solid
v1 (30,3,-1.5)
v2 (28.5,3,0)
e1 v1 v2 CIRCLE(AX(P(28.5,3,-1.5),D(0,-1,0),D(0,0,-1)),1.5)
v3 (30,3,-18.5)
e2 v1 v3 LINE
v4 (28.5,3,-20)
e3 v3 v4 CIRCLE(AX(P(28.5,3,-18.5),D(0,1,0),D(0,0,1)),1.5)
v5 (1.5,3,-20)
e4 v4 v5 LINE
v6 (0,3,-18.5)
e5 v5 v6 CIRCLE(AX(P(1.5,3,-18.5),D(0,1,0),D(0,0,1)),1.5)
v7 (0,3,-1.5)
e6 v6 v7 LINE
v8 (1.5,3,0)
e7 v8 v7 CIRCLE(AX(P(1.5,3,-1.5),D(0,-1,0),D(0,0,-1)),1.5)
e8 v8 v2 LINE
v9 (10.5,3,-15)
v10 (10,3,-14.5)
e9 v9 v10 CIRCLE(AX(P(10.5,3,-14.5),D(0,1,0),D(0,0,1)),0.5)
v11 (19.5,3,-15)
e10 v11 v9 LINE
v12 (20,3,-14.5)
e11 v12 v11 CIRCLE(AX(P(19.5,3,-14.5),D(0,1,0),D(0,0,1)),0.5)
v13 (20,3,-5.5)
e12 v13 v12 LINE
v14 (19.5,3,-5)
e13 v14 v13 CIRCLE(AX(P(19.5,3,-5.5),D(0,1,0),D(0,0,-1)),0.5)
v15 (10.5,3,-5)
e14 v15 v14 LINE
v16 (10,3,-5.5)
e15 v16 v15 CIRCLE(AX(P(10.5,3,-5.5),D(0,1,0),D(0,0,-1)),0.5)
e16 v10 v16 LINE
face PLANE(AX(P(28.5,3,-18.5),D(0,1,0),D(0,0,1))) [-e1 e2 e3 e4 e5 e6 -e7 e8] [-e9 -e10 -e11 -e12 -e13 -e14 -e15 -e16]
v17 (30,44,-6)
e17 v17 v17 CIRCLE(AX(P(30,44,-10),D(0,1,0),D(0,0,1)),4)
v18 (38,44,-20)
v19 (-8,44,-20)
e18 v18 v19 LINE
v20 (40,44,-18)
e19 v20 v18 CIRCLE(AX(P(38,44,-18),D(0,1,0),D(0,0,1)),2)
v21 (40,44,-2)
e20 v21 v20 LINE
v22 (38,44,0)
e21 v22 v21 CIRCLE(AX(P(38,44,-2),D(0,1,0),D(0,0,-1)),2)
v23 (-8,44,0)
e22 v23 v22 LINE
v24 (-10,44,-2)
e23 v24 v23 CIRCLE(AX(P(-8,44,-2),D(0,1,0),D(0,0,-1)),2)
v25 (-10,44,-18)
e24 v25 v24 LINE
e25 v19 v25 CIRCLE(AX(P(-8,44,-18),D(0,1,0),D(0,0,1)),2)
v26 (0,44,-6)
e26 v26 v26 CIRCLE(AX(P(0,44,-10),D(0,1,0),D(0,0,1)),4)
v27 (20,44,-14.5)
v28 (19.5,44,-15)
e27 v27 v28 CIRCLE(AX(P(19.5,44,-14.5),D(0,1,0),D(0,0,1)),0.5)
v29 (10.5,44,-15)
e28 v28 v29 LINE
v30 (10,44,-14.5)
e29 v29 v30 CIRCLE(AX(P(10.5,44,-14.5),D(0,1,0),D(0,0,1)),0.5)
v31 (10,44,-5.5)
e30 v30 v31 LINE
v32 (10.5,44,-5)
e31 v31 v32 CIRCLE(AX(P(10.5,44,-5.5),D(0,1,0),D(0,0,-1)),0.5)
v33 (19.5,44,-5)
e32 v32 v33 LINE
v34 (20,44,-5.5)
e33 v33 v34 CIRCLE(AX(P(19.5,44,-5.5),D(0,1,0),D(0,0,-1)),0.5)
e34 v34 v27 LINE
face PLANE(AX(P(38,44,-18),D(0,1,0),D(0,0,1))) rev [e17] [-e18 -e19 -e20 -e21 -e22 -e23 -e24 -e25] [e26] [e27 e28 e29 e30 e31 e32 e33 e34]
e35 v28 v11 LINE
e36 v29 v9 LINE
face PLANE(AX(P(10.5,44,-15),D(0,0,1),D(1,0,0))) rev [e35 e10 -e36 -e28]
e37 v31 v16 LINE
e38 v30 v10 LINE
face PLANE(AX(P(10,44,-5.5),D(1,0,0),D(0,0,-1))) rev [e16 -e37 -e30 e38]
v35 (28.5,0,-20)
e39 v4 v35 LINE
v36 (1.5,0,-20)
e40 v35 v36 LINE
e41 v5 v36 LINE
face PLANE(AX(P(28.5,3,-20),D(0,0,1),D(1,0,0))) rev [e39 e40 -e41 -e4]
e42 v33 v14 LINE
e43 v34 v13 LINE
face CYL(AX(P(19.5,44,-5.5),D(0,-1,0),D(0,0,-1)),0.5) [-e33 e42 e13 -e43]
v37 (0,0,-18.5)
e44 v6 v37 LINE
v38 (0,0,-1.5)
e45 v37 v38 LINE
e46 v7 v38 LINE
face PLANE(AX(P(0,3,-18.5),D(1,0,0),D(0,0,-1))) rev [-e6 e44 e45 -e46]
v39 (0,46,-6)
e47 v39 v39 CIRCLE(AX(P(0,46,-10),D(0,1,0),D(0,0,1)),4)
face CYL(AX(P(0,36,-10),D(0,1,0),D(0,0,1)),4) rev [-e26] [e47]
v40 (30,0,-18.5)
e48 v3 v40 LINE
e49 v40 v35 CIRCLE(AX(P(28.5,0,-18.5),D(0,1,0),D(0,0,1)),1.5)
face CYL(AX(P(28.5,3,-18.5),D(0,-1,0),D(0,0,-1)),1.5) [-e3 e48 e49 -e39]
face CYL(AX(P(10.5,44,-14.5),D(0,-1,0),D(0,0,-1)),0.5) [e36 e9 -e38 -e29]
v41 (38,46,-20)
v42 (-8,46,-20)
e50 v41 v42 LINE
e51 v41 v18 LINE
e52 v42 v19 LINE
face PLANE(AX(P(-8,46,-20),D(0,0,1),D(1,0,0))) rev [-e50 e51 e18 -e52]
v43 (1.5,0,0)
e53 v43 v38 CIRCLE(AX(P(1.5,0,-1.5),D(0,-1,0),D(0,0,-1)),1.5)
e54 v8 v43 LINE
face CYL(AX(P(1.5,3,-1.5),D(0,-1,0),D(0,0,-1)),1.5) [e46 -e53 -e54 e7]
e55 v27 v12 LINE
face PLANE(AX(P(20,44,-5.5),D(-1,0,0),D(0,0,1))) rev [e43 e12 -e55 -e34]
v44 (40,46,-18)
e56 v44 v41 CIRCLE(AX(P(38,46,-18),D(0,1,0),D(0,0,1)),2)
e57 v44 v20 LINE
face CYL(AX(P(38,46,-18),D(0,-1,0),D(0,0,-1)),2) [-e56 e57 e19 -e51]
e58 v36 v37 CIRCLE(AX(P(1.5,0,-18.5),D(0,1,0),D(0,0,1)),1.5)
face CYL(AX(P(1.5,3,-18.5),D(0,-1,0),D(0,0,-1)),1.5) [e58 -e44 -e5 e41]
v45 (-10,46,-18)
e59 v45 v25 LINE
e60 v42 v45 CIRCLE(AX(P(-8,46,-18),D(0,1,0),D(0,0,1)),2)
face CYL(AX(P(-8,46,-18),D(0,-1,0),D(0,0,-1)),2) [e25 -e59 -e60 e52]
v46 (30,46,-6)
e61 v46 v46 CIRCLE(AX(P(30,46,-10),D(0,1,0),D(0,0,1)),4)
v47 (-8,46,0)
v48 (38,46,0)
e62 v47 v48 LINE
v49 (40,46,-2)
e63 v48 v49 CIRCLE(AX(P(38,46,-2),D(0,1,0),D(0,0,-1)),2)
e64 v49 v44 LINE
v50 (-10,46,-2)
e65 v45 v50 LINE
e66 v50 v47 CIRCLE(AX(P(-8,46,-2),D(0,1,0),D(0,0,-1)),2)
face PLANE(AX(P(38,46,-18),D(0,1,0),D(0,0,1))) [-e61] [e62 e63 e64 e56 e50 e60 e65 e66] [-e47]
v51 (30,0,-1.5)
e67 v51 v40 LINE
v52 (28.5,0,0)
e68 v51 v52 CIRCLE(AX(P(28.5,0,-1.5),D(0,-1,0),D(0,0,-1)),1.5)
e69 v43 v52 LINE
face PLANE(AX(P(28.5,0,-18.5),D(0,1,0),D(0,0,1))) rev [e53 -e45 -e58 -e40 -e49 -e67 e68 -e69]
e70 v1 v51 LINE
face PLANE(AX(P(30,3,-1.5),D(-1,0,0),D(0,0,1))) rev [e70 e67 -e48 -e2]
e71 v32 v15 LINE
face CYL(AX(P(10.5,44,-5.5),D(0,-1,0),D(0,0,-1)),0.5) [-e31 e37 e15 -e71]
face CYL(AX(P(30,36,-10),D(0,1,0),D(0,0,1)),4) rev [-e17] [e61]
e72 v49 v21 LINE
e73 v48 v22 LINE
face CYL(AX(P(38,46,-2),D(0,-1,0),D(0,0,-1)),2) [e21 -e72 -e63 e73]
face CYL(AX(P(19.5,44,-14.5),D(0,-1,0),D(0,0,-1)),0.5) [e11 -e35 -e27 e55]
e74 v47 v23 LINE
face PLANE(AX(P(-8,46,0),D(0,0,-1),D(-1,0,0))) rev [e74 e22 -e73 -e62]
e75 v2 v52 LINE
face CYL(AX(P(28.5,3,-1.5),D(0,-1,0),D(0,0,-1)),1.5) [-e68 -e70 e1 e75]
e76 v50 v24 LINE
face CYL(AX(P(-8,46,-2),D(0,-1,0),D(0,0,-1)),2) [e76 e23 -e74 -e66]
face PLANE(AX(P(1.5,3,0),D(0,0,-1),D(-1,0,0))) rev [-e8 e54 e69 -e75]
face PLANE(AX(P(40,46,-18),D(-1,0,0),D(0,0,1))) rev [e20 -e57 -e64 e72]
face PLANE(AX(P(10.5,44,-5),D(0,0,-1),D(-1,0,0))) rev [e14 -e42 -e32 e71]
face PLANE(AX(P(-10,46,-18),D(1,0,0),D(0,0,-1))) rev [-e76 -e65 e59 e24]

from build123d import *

# Parameters (mm, degrees)
BOSS_EXTRUDE1_DEPTH = 3
BOSS_EXTRUDE2_DEPTH = 41
BOSS_EXTRUDE3_DEPTH = 2
SKETCH5_R           = 4
CUT_EXTRUDE1_DEPTH  = 10


with BuildPart() as part:
    # Sketch1 → Boss-Extrude1 (new body)
    with BuildSketch(Plane(origin=(0, 0, 0), x_dir=(1, 0, 0), z_dir=(0, 1, 0))):
        with BuildLine():
            Line((1.5, 0), (28.5, 0))
            ThreePointArc((28.5, 0), (29.560660172, 0.439339828), (30, 1.5))
            Line((30, 1.5), (30, 18.5))
            ThreePointArc((30, 18.5), (29.560660172, 19.560660172), (28.5, 20))
            Line((28.5, 20), (1.5, 20))
            ThreePointArc((1.5, 20), (0.439339828, 19.560660172), (0, 18.5))
            Line((0, 18.5), (0, 1.5))
            ThreePointArc((0, 1.5), (0.439339828, 0.439339828), (1.5, 0))
        make_face()
    extrude(amount=BOSS_EXTRUDE1_DEPTH)

    # Sketch3 → Boss-Extrude2 (add)
    with BuildSketch(Plane(origin=(0, 3, 0), x_dir=(1, 0, 0), z_dir=(0, 1, 0))):
        with BuildLine():
            Line((10.5, 5), (19.5, 5))
            ThreePointArc((19.5, 5), (19.853553391, 5.146446609), (20, 5.5))
            Line((20, 5.5), (20, 14.5))
            ThreePointArc((20, 14.5), (19.853553391, 14.853553391), (19.5, 15))
            Line((19.5, 15), (10.5, 15))
            ThreePointArc((10.5, 15), (10.146446609, 14.853553391), (10, 14.5))
            Line((10, 14.5), (10, 5.5))
            ThreePointArc((10, 5.5), (10.146446609, 5.146446609), (10.5, 5))
        make_face()
    extrude(amount=BOSS_EXTRUDE2_DEPTH)

    # Sketch4 → Boss-Extrude3 (add)
    with BuildSketch(Plane(origin=(0, 44, 0), x_dir=(1, 0, 0), z_dir=(0, 1, 0))):
        with BuildLine():
            Line((-8, 20), (38, 20))
            ThreePointArc((38, 20), (39.414213562, 19.414213562), (40, 18))
            Line((40, 18), (40, 2))
            ThreePointArc((40, 2), (39.414213562, 0.585786438), (38, 0))
            Line((38, 0), (-8, 0))
            ThreePointArc((-8, 0), (-9.414213562, 0.585786438), (-10, 2))
            Line((-10, 2), (-10, 18))
            ThreePointArc((-10, 18), (-9.414213562, 19.414213562), (-8, 20))
        make_face()
    extrude(amount=BOSS_EXTRUDE3_DEPTH)

    # Sketch5 → Cut-Extrude1 (cut)
    with BuildSketch(Plane(origin=(0, 46, 0), x_dir=(1, 0, 0), z_dir=(0, 1, 0))):
        with Locations(Location((0, 10, 0), (0, 0, 270))):
            Circle(SKETCH5_R)
        with Locations(Location((30, 10, 0), (0, 0, 270))):
            Circle(SKETCH5_R)
    extrude(amount=-CUT_EXTRUDE1_DEPTH, mode=Mode.SUBTRACT)


solid = part.part
